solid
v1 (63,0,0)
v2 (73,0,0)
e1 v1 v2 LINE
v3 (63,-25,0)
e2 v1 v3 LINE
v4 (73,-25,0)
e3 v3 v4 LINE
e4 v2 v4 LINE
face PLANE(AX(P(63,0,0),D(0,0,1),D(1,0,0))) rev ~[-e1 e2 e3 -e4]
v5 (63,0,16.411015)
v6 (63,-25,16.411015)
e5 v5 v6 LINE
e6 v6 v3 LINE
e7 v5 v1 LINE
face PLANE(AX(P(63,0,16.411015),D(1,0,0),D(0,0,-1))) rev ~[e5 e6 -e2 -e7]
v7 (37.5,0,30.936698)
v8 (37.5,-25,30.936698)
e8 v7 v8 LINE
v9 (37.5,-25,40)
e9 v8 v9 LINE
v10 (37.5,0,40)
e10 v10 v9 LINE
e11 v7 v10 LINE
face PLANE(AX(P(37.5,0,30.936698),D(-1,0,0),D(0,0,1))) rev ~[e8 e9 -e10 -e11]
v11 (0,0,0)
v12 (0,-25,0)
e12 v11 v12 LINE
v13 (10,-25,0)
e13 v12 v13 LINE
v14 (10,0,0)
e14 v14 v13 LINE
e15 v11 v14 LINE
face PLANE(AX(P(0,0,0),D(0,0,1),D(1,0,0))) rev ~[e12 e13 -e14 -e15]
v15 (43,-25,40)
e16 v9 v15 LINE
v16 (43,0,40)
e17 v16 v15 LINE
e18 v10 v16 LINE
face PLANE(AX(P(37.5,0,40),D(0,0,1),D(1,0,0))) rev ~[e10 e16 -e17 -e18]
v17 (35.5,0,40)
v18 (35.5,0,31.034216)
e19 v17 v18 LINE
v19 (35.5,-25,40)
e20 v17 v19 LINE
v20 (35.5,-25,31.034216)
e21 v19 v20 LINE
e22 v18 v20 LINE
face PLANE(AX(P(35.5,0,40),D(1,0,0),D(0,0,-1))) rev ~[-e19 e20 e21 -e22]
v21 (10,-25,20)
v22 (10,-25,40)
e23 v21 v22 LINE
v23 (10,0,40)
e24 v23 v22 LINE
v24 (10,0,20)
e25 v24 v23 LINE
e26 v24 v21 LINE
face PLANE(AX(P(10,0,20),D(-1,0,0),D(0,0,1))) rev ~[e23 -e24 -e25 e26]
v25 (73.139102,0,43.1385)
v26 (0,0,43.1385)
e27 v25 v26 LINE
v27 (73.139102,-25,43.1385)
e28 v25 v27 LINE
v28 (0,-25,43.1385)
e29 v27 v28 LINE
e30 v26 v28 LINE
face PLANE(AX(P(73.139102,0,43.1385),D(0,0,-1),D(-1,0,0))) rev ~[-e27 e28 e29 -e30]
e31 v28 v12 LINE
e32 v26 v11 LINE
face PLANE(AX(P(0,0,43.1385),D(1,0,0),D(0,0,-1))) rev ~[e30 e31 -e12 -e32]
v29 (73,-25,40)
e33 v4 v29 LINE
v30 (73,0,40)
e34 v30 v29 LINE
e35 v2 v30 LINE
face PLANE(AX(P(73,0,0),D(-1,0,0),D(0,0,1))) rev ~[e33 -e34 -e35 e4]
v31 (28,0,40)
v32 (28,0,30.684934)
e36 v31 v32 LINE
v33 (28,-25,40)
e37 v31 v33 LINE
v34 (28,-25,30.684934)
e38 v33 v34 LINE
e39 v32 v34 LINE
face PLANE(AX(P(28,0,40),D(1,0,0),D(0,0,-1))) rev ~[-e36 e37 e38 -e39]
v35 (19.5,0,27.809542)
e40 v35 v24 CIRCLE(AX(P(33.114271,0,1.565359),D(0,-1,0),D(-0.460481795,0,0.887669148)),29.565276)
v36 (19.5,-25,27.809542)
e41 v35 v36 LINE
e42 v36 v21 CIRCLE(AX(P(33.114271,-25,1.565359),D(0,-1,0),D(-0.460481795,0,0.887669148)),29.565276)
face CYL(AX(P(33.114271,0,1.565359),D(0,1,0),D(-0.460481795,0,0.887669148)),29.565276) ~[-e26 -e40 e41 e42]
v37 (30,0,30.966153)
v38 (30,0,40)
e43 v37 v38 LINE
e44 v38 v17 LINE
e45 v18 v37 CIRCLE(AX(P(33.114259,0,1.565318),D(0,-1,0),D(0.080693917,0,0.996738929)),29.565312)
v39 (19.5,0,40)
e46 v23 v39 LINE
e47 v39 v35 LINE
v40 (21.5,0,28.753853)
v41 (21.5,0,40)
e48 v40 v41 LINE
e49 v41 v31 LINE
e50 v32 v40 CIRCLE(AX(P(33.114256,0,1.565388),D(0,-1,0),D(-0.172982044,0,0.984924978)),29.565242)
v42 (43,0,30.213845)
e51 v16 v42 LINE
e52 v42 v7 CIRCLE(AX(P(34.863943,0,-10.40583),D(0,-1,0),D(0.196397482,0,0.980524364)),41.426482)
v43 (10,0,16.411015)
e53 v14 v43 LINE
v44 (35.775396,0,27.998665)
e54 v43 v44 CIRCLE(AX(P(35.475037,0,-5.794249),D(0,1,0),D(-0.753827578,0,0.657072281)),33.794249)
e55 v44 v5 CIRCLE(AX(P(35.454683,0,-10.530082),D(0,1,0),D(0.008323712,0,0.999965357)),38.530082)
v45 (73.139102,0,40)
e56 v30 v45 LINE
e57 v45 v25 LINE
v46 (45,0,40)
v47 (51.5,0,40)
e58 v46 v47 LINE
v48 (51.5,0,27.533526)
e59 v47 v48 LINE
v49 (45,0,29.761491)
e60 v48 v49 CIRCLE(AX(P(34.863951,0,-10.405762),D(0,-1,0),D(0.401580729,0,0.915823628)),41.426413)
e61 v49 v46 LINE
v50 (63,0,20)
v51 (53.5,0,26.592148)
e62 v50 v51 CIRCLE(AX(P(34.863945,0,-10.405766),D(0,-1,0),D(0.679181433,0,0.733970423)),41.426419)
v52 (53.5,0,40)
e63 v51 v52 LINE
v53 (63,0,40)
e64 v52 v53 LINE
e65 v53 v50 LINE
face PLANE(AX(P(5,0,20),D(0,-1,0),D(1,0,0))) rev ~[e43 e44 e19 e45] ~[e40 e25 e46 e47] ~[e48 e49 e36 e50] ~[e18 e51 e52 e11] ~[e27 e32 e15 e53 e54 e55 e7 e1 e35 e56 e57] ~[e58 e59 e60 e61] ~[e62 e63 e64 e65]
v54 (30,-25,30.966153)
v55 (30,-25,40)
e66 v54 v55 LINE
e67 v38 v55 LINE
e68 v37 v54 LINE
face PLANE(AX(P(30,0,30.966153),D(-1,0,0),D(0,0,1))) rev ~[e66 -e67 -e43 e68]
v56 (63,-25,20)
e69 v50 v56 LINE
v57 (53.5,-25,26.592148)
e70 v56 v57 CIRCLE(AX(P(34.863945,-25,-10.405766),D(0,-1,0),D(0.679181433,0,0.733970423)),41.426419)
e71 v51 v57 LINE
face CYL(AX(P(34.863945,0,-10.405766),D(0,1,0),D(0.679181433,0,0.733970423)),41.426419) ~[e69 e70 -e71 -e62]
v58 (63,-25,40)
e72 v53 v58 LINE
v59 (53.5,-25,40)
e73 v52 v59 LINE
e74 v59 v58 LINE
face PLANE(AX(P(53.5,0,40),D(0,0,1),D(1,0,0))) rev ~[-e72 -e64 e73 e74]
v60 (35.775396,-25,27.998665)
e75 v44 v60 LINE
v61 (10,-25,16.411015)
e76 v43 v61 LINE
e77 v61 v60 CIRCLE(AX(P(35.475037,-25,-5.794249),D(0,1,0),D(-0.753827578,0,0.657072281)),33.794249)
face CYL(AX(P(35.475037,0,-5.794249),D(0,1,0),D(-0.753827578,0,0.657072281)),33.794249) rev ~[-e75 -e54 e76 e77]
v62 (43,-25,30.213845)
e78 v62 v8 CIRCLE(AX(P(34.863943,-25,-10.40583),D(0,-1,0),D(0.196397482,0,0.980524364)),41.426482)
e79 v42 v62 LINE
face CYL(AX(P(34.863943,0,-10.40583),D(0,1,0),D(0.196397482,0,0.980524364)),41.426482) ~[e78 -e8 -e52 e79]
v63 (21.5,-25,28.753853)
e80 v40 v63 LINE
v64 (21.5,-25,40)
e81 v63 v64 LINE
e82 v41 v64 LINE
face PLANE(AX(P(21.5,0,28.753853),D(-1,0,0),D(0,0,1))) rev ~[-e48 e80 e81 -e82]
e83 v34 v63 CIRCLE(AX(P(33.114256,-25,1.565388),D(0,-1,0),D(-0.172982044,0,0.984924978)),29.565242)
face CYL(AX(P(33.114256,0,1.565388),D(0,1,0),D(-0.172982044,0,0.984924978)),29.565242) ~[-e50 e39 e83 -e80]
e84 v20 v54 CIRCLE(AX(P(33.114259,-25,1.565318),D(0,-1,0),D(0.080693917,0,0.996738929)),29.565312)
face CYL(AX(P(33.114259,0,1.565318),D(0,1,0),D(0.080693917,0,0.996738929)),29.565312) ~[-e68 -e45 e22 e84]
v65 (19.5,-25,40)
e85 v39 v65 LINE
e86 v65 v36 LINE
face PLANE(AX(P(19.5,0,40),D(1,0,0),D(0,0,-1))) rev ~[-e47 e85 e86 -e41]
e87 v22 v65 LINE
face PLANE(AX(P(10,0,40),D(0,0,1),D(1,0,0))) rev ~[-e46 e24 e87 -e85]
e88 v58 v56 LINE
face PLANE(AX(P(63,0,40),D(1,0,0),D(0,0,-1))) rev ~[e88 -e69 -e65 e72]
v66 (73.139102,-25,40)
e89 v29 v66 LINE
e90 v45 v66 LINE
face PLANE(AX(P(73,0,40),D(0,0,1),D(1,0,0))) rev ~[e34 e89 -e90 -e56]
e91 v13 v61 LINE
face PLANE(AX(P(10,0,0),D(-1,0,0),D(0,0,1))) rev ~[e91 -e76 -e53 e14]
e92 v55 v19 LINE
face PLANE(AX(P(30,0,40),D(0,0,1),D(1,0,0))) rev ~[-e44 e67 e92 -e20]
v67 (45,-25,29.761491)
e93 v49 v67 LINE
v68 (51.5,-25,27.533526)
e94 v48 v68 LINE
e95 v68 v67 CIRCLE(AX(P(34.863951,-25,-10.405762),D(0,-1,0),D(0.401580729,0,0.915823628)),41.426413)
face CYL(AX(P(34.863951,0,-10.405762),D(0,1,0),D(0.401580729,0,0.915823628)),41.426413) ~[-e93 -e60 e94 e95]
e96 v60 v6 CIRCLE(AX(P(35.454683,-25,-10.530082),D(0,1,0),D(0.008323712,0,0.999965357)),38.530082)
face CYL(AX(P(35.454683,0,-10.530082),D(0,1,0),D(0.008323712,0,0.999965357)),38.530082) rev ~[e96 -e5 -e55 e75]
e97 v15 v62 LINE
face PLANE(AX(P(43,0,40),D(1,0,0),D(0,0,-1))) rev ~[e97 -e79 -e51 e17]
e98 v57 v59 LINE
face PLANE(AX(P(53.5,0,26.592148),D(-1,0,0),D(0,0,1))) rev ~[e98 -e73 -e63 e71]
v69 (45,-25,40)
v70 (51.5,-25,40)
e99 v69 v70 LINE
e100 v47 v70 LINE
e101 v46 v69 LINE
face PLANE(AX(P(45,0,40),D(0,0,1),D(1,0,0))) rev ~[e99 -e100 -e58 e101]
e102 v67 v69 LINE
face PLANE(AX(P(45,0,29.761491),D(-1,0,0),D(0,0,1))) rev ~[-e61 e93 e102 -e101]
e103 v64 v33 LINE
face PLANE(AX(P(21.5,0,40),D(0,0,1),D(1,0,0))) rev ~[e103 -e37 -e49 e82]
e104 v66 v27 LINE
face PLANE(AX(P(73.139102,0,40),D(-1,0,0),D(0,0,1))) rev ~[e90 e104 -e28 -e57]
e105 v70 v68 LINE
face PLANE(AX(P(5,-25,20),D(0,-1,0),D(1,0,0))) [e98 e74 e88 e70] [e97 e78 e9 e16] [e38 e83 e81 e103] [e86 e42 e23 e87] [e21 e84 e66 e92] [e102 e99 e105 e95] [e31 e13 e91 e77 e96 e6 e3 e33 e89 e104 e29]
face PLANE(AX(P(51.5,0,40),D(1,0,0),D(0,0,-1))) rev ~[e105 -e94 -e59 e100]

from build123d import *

# Parameters (mm, degrees)
F1_DEPTH = 25


with BuildPart() as f1:
    # F0 (on Front) → F1 (new body)
    with BuildSketch(Plane.XZ):
        Polygon((0, 40), (0, 0), (10, 0), (10, 16.411015), (10, 20), (10, 40), align=None)
        Polygon((0, 43.1385), (0, 40), (10, 40), (19.5, 40), (21.5, 40), (28, 40), (30, 40), (35.5, 40), (37.5, 40), (43, 40), (45, 40), (51.5, 40), (53.5, 40), (63, 40), (73, 40), (73.139102, 40), (73.139102, 43.1385), align=None)
        with BuildLine():
            Line((10, 20), (10, 16.411015))
            ThreePointArc((10, 16.411015), (21.618287, 25.028498), (35.775396, 27.998665))
            ThreePointArc((35.775396, 27.998665), (50.544325, 24.922279), (63, 16.411015))
            Line((63, 16.411015), (63, 20))
            ThreePointArc((63, 20), (58.481135, 23.629165), (53.5, 26.592148))
            ThreePointArc((53.5, 26.592148), (52.50628, 27.076179), (51.5, 27.533526))
            ThreePointArc((51.5, 27.533526), (48.296273, 28.782507), (45, 29.761491))
            ThreePointArc((45, 29.761491), (44.002799, 30.000044), (43, 30.213845))
            ThreePointArc((43, 30.213845), (40.262113, 30.667436), (37.5, 30.936698))
            ThreePointArc((37.5, 30.936698), (36.638083, 30.982645), (35.775396, 31.010624))
            ThreePointArc((35.775396, 31.010624), (35.637725, 31.022742), (35.5, 31.034216))
            ThreePointArc((35.5, 31.034216), (32.748414, 31.128367), (30, 30.966153))
            ThreePointArc((30, 30.966153), (28.997598, 30.842626), (28, 30.684934))
            ThreePointArc((28, 30.684934), (24.694455, 29.906357), (21.5, 28.753853))
            ThreePointArc((21.5, 28.753853), (20.491167, 28.300406), (19.5, 27.809542))
            ThreePointArc((19.5, 27.809542), (14.339456, 24.404182), (10, 20))
        make_face()
        Polygon((63, 20), (63, 16.411015), (63, 0), (73, 0), (73, 40), (63, 40), align=None)
        with BuildLine():
            Line((21.5, 40), (19.5, 40))
            Line((19.5, 40), (19.5, 27.809542))
            ThreePointArc((19.5, 27.809542), (20.491167, 28.300406), (21.5, 28.753853))
            Line((21.5, 28.753853), (21.5, 40))
        make_face()
        with BuildLine():
            Line((30, 40), (28, 40))
            Line((28, 40), (28, 30.684934))
            ThreePointArc((28, 30.684934), (28.997598, 30.842626), (30, 30.966153))
            Line((30, 30.966153), (30, 40))
        make_face()
        with BuildLine():
            Line((37.5, 40), (35.5, 40))
            Line((35.5, 40), (35.5, 31.034216))
            ThreePointArc((35.5, 31.034216), (35.637725, 31.022742), (35.775396, 31.010624))
            ThreePointArc((35.775396, 31.010624), (36.638083, 30.982645), (37.5, 30.936698))
            Line((37.5, 30.936698), (37.5, 31.010624))
            Line((37.5, 31.010624), (37.5, 40))
        make_face()
        with BuildLine():
            ThreePointArc((43, 30.213845), (44.002799, 30.000044), (45, 29.761491))
            Line((45, 29.761491), (45, 40))
            Line((45, 40), (43, 40))
            Line((43, 40), (43, 30.213845))
        make_face()
        with BuildLine():
            ThreePointArc((51.5, 27.533526), (52.50628, 27.076179), (53.5, 26.592148))
            Line((53.5, 26.592148), (53.5, 27.998665))
            Line((53.5, 27.998665), (53.5, 40))
            Line((53.5, 40), (51.5, 40))
            Line((51.5, 40), (51.5, 27.998665))
            Line((51.5, 27.998665), (51.5, 27.533526))
        make_face()
    extrude(amount=F1_DEPTH)


solid = f1.part
